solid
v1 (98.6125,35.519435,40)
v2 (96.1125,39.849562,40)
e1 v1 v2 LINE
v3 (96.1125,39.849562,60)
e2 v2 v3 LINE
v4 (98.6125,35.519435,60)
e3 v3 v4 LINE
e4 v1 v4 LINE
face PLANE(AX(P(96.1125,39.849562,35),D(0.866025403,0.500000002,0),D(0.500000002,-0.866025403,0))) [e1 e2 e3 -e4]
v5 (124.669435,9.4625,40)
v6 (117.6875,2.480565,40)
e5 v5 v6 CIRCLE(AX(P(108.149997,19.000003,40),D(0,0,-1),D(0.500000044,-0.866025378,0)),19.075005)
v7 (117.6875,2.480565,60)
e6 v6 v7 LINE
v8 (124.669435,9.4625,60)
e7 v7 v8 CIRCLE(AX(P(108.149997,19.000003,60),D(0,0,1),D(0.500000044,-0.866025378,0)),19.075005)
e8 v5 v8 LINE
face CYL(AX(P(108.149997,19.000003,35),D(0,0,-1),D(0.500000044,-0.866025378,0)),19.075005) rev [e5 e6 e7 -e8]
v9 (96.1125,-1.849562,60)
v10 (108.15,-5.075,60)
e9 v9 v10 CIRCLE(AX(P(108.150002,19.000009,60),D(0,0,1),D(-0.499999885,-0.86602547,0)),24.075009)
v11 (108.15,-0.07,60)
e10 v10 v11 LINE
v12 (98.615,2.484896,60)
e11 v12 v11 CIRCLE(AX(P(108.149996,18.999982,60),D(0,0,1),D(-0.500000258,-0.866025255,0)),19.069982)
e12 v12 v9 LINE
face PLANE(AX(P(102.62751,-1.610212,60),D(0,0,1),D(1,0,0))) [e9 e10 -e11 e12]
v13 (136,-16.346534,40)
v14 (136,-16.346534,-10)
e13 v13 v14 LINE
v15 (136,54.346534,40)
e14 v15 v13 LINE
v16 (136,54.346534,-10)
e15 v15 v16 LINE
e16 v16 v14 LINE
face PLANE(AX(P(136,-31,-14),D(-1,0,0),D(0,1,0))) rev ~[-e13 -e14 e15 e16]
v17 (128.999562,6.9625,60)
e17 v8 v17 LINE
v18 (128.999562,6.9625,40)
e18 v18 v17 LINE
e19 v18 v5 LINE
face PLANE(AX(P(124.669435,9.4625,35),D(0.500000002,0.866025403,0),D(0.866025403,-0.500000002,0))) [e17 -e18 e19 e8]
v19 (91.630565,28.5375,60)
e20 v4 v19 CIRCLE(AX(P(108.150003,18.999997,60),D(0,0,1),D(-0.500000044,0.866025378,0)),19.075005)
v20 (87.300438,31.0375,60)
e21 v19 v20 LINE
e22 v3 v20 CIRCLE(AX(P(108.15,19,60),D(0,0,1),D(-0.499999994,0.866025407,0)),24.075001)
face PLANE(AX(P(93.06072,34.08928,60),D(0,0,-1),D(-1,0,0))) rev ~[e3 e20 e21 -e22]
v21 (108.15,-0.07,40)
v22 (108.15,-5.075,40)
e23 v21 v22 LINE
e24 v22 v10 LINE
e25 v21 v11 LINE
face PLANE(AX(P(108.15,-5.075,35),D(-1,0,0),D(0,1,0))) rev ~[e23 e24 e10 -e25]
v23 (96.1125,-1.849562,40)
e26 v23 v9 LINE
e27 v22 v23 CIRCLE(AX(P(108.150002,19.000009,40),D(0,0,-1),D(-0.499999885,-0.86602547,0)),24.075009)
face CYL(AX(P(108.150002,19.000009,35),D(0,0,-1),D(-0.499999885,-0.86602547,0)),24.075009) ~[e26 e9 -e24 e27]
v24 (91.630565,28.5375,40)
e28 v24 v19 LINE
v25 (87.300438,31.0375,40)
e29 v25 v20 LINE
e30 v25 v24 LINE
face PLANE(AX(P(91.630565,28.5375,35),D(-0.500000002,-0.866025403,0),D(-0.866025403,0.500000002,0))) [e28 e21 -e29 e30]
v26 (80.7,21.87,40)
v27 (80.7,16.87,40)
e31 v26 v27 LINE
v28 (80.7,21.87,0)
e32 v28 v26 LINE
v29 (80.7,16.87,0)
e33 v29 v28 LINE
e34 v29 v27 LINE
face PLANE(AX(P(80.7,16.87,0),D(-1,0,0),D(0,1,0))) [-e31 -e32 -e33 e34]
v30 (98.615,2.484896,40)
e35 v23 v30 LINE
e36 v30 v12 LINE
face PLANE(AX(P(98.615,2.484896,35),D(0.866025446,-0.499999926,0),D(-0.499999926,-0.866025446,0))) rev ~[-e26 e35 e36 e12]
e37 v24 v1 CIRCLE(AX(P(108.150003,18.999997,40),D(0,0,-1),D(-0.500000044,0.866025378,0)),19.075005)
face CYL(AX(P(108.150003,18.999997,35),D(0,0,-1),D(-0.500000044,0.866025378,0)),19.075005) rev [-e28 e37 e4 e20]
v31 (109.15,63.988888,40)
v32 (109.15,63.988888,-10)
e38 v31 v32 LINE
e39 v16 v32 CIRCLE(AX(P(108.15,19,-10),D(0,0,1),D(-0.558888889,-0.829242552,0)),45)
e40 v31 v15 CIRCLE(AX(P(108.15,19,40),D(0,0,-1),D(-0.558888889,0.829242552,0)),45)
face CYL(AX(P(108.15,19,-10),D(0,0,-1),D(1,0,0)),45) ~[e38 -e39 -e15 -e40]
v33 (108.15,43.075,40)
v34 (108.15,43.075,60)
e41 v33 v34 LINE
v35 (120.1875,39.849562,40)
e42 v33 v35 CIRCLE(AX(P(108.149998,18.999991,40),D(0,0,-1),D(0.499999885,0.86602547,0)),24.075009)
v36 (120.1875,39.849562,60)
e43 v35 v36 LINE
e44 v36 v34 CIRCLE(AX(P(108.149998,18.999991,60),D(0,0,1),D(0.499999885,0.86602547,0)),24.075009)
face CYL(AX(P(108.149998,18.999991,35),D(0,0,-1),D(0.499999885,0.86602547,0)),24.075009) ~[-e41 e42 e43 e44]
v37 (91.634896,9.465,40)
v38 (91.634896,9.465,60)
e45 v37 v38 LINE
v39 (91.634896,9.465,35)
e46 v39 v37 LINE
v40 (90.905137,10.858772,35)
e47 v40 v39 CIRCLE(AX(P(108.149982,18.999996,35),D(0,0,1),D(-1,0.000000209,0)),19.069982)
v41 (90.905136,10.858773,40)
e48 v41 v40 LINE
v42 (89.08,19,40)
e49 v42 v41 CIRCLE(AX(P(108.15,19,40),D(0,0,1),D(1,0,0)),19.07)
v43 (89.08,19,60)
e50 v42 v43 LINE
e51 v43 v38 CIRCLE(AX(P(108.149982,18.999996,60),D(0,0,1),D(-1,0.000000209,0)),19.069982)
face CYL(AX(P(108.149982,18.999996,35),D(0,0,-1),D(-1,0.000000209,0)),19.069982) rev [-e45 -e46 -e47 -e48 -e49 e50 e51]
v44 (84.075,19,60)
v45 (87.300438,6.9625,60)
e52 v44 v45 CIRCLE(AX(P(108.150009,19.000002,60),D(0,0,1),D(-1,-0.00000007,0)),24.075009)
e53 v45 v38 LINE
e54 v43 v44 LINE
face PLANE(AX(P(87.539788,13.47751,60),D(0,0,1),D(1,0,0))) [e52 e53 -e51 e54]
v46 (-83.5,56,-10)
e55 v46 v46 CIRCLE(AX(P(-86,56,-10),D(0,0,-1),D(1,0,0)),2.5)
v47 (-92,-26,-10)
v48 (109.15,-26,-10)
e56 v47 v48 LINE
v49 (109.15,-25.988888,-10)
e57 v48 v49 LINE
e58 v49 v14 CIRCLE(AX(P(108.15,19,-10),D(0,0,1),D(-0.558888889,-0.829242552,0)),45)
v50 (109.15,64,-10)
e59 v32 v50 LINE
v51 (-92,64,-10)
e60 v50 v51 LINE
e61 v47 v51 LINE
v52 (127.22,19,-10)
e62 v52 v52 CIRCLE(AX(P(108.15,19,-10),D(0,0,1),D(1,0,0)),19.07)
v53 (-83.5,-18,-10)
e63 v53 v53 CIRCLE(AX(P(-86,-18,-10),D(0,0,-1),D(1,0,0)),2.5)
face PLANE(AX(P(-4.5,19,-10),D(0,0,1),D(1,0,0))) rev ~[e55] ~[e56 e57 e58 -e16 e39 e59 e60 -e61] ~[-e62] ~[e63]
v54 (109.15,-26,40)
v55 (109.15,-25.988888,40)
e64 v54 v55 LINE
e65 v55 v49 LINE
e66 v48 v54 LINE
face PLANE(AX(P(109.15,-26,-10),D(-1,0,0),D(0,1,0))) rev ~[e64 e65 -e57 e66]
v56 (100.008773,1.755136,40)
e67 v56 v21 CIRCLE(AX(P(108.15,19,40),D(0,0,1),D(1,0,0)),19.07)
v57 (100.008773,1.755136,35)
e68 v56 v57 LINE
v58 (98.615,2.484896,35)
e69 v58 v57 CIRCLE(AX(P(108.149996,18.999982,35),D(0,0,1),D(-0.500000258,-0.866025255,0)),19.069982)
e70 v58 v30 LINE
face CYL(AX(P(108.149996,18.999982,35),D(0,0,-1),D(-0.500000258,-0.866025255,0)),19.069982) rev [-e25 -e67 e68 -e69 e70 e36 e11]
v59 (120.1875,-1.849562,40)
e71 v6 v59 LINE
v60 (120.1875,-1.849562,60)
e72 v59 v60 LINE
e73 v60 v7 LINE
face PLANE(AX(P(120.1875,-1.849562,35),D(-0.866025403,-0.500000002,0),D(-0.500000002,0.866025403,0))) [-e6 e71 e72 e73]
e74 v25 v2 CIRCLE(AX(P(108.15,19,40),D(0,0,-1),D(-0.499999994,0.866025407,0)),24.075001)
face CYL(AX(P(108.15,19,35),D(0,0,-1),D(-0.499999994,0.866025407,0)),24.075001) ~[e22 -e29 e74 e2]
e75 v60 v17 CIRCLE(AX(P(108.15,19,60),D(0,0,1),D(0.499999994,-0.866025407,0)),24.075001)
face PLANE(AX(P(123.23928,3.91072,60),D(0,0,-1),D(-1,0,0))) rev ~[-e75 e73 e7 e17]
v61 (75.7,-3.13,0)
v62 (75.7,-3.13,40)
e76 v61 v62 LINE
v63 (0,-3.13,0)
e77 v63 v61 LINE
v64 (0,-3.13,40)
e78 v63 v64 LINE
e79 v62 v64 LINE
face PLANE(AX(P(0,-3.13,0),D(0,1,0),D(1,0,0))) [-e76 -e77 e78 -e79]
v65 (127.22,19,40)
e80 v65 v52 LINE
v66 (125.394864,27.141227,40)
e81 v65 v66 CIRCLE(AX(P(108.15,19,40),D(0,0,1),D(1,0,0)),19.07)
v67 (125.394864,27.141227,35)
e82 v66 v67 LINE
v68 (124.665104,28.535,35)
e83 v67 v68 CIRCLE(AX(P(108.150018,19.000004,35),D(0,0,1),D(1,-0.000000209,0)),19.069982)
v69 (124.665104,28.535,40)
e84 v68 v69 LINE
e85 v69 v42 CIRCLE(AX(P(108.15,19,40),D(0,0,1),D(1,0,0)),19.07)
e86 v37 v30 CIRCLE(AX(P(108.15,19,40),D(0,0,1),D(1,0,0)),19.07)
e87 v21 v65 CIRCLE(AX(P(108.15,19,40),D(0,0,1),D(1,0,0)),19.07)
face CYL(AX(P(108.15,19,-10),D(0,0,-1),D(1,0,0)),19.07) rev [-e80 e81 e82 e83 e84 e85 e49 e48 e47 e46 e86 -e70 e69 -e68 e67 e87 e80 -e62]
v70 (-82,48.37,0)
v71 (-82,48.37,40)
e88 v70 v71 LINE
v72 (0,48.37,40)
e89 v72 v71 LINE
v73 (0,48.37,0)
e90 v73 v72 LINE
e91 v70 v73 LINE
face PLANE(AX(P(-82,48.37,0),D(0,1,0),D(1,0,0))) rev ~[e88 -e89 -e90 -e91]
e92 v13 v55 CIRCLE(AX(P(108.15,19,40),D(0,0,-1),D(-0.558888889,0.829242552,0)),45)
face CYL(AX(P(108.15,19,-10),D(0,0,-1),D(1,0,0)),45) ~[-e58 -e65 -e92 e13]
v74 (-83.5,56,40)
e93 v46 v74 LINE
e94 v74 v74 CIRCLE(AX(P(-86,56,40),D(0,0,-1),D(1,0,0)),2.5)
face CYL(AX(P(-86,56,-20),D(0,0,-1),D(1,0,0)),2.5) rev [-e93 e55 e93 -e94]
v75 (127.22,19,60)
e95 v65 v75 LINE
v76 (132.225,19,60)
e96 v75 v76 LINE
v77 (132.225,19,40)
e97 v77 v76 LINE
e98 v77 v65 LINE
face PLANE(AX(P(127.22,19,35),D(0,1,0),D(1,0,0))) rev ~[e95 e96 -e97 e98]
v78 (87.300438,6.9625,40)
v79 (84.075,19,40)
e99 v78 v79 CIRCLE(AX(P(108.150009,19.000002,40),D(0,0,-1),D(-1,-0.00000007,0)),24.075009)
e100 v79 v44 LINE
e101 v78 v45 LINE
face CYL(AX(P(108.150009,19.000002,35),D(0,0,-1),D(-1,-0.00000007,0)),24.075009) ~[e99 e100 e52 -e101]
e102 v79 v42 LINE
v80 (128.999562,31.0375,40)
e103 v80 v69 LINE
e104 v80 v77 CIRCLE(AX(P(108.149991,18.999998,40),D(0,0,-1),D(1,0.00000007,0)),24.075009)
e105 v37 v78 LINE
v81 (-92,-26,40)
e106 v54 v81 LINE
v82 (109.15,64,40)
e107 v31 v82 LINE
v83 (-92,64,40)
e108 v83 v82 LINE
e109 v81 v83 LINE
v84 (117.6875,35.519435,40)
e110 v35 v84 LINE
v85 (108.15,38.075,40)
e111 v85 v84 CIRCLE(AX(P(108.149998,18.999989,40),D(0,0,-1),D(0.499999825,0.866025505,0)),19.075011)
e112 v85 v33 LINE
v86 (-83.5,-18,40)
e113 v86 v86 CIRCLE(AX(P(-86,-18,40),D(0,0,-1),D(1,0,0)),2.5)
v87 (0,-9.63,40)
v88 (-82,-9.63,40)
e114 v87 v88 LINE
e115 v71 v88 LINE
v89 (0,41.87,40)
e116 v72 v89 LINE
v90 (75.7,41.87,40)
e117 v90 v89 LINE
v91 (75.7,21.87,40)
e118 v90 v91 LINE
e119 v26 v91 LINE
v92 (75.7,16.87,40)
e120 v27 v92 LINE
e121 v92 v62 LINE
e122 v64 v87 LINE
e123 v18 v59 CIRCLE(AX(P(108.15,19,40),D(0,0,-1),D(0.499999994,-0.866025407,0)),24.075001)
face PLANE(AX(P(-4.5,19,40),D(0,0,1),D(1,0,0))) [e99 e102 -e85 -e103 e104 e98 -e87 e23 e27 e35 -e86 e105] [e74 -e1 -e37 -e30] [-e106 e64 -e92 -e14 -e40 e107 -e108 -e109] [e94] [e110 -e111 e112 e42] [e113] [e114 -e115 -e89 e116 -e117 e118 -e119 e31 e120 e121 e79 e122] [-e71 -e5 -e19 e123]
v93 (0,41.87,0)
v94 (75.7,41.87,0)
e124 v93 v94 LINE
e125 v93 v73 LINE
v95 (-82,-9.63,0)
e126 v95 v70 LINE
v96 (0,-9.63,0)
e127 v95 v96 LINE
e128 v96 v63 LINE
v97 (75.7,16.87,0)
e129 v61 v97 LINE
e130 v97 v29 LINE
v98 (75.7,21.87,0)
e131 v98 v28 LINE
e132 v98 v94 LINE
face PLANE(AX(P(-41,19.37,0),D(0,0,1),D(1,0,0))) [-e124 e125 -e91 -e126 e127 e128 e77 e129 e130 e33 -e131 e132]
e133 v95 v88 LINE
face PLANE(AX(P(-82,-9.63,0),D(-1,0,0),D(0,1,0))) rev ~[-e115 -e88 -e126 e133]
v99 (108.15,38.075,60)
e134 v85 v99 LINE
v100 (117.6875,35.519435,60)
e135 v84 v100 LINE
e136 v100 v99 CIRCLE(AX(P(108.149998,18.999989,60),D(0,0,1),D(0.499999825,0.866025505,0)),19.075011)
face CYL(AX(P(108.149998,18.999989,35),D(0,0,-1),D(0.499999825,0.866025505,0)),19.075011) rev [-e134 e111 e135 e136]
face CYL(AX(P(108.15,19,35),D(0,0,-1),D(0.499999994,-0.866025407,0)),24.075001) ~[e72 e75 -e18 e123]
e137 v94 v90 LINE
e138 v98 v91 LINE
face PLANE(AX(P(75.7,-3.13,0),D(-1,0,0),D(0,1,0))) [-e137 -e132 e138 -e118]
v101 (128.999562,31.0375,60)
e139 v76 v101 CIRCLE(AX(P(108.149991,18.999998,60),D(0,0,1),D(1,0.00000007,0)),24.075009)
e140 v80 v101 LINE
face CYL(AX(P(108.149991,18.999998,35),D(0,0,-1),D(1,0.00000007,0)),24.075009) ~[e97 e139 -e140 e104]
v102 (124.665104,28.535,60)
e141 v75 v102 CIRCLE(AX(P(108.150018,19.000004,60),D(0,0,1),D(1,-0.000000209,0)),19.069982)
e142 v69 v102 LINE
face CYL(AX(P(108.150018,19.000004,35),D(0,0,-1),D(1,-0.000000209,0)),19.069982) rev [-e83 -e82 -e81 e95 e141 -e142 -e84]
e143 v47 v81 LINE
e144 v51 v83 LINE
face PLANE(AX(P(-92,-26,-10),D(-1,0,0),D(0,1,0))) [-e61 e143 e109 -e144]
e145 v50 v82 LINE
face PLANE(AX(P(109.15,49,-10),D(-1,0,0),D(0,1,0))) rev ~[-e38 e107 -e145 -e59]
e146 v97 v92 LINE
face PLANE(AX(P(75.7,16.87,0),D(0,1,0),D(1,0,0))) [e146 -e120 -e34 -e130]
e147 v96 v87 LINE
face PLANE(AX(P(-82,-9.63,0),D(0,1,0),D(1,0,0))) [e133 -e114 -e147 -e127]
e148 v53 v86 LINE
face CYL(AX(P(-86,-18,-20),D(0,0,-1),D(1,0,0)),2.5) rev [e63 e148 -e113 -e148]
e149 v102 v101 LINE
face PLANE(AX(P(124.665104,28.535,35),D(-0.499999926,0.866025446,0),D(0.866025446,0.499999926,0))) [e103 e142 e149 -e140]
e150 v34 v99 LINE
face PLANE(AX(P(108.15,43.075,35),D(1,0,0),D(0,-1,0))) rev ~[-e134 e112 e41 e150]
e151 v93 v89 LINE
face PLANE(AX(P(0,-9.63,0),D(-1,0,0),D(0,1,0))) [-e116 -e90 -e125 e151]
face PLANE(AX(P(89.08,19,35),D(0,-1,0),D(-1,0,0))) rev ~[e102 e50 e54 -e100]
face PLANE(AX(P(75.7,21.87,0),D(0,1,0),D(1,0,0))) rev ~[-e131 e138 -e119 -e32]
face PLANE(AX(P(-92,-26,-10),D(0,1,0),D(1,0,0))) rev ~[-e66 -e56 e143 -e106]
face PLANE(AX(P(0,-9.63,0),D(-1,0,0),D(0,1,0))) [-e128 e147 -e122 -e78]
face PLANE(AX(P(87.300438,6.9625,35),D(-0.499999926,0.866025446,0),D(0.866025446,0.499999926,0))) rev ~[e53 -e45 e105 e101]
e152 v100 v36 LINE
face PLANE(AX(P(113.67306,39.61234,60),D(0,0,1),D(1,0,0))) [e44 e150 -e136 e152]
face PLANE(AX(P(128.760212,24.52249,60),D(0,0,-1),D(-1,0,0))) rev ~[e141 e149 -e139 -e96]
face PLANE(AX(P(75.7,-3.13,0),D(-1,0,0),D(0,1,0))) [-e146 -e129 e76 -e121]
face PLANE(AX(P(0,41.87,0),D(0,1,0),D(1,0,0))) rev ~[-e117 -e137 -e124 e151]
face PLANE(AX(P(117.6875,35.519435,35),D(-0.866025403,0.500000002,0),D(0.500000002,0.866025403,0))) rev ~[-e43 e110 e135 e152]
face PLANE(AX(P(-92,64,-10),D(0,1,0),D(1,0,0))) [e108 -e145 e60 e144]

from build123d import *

# Parameters (mm, degrees)
CYLINDER_R        = 2.5
CYLINDER_DEPTH    = 70
CYLINDER001_R     = 2.5
CYLINDER001_DEPTH = 70
BOX004_W          = 68.15
BOX004_H          = 15
BOX004_DEPTH      = 50
BOX008_W          = 30
BOX008_H          = 100
BOX008_DEPTH      = 70
EXTRUDE003_DEPTH  = 25
BOX006_W          = 40
BOX006_H          = 120
BOX006_DEPTH      = 60
TUBE_R            = 45
TUBE_R_2          = 19.07
TUBE_DEPTH        = 50
BOX001_W          = 82
BOX001_H          = 58
BOX001_DEPTH      = 44.4
BOX007_W          = 5
BOX007_H          = 5
BOX007_DEPTH      = 44.4
SKETCH001_R       = 5
EXTRUDE001_DEPTH  = 4
EXTRUDE002_DEPTH  = 15
SKETCH_R          = 12.3
EXTRUDE_DEPTH     = 5
BOX_W             = 75.7
BOX_H             = 45
BOX_DEPTH         = 44.4
BOX002_W          = 175
BOX002_H          = 90
BOX002_DEPTH      = 50
BOX005_W          = 68.15
BOX005_H          = 15
BOX005_DEPTH      = 50


with BuildPart() as throughholecylinder2:
    # Cylinder → Cylinder (new body)
    with BuildSketch(Plane(origin=(-86, -18, -20), x_dir=(1, 0, 0), z_dir=(0, 0, 1))):
        Circle(CYLINDER_R)
    extrude(amount=CYLINDER_DEPTH)


with BuildPart() as throughholecylinder1:
    # Cylinder001 → Cylinder001 (new body)
    with BuildSketch(Plane(origin=(-86, 56, -20), x_dir=(1, 0, 0), z_dir=(0, 0, 1))):
        Circle(CYLINDER001_R)
    extrude(amount=CYLINDER001_DEPTH)


with BuildPart() as cube004:
    # Box004 → Box004 (new body)
    with BuildSketch(Plane(origin=(41, -26, -10), x_dir=(1, 0, 0), z_dir=(0, 0, 1))):
        with Locations((34.075, 7.5)):
            Rectangle(BOX004_W, BOX004_H)
    extrude(amount=BOX004_DEPTH)


with BuildPart() as steeringshaftcutter:
    # Box008 → Box008 (new body)
    with BuildSketch(Plane(origin=(136, -31, -14), x_dir=(1, 0, 0), z_dir=(0, 0, 1))):
        with Locations((15, 50)):
            Rectangle(BOX008_W, BOX008_H)
    extrude(amount=BOX008_DEPTH)


with BuildPart() as fingers:
    # Sketch004 (on Face2 of Tube) → Extrude003 (new body)
    with BuildSketch(Plane(origin=(120.15, 19, 40), x_dir=(1, 0, 0), z_dir=(0, 0, 1))):
        with BuildLine():
            Line((16.519435, -9.5375), (20.849562, -12.0375))
            ThreePointArc((12.0375, -20.849562), (17.023596, -17.023596), (20.849562, -12.0375))
            Line((12.0375, -20.849562), (9.5375, -16.519435))
            ThreePointArc((9.5375, -16.519435), (13.488062, -13.488062), (16.519435, -9.5375))
        make_face()
        with BuildLine():
            Line((0, -24.075), (0, -19.07))
            ThreePointArc((-9.535, -16.515104), (-4.935679, -18.420206), (0, -19.07))
            Line((-9.535, -16.515104), (-12.0375, -20.849562))
            ThreePointArc((-12.0375, -20.849562), (-6.231069, -23.254664), (0, -24.075))
        make_face()
        with BuildLine():
            Line((-20.849562, -12.0375), (-16.515104, -9.535))
            ThreePointArc((-19.07, 0), (-18.420206, -4.935679), (-16.515104, -9.535))
            Line((-19.07, 0), (-24.075, 0))
            ThreePointArc((-24.075, 0), (-23.254664, -6.231069), (-20.849562, -12.0375))
        make_face()
        with BuildLine():
            Line((-16.519435, 9.5375), (-20.849562, 12.0375))
            ThreePointArc((-12.0375, 20.849562), (-17.023596, 17.023596), (-20.849562, 12.0375))
            Line((-12.0375, 20.849562), (-9.5375, 16.519435))
            ThreePointArc((-9.5375, 16.519435), (-13.488062, 13.488062), (-16.519435, 9.5375))
        make_face()
        with BuildLine():
            Line((0, 24.075), (0, 19.075))
            ThreePointArc((9.5375, 16.519435), (4.936973, 18.425035), (0, 19.075))
            Line((9.5375, 16.519435), (12.0375, 20.849562))
            ThreePointArc((12.0375, 20.849562), (6.231069, 23.254664), (0, 24.075))
        make_face()
        with BuildLine():
            Line((16.515104, 9.535), (20.849562, 12.0375))
            ThreePointArc((24.075, 0), (23.254664, 6.231069), (20.849562, 12.0375))
            Line((19.07, 0), (24.075, 0))
            ThreePointArc((19.07, 0), (18.420206, 4.935679), (16.515104, 9.535))
        make_face()
    extrude(amount=EXTRUDE003_DEPTH)


with BuildPart() as fingers_1:
    # Extrude003 placement: moved
    add(fingers.part.moved(Location((0, 0, -5))))


with BuildPart() as roundoff:
    # Box006 → Box006 (new body)
    with BuildSketch(Plane(origin=(55, -34, -17), x_dir=(1, 0, 0), z_dir=(0, 0, 1))):
        with Locations((20, 60)):
            Rectangle(BOX006_W, BOX006_H)
    extrude(amount=BOX006_DEPTH)


with BuildPart() as steeringshaftcutdown:
    # Tube → Tube (new body)
    with BuildSketch(Plane(origin=(120.15, 19, -10), x_dir=(1, 0, 0), z_dir=(0, 0, 1))):
        Circle(TUBE_R)
        Circle(TUBE_R_2, mode=Mode.SUBTRACT)
    extrude(amount=TUBE_DEPTH)

    # Cut001: cut RoundOff
    add(roundoff.part, mode=Mode.SUBTRACT)

    # Fusion004: union Fingers
    add(fingers_1.part)


with BuildPart() as steeringshaftcutdown_1:
    # Fusion004 placement: moved
    add(steeringshaftcutdown.part.moved(Location((-12, 0, 0))))

    # Cut002: cut SteeringShaftCutter
    add(steeringshaftcutter.part, mode=Mode.SUBTRACT)


with BuildPart() as motorhead:
    # Box001 → Box001 (new body)
    with BuildSketch(Plane(origin=(-82, -9.63, 0), x_dir=(1, 0, 0), z_dir=(0, 0, 1))):
        with Locations((41, 29)):
            Rectangle(BOX001_W, BOX001_H)
    extrude(amount=BOX001_DEPTH)


with BuildPart() as nubchannel:
    # Box007 → Box007 (new body)
    with BuildSketch(Plane(origin=(75.7, 16.87, 0), x_dir=(1, 0, 0), z_dir=(0, 0, 1))):
        with Locations((2.5, 2.5)):
            Rectangle(BOX007_W, BOX007_H)
    extrude(amount=BOX007_DEPTH)


with BuildPart() as motorshaftfull:
    # Sketch001 (on Face3 of Extrude) → Extrude001 (new body)
    with BuildSketch(Plane.XY.offset(49.4)):
        with Locations((-58.7, 20.37)):
            Circle(SKETCH001_R)
    extrude(amount=EXTRUDE001_DEPTH)


with BuildPart() as motorshaftd:
    # Sketch002 (on Face3 of Extrude001) → Extrude002 (new body)
    with BuildSketch(Plane.XY.offset(53.4)):
        with BuildLine():
            Line((-62.7, 23.37), (-62.7, 17.37))
            ThreePointArc((-62.7, 17.37), (-53.7, 20.37), (-62.7, 23.37))
        make_face()
    extrude(amount=EXTRUDE002_DEPTH)


with BuildPart() as motorshaftassembly:
    # Sketch (on Face6 of Box001) → Extrude (new body)
    with BuildSketch(Plane(origin=(-82, -9.63, 44.4), x_dir=(1, 0, 0), z_dir=(0, 0, 1))):
        with Locations((23.3, 30)):
            Circle(SKETCH_R)
    extrude(amount=EXTRUDE_DEPTH)

    # Fusion: union MotorShaftFull, MotorShaftD
    add(motorshaftfull.part)
    add(motorshaftd.part)


with BuildPart() as motor:
    # Box → Box (new body)
    with BuildSketch(Plane(origin=(0, -3.13, 0), x_dir=(1, 0, 0), z_dir=(0, 0, 1))):
        with Locations((37.85, 22.5)):
            Rectangle(BOX_W, BOX_H)
    extrude(amount=BOX_DEPTH)

    # Fusion005: union MotorHead, NubChannel, MotorShaftAssembly
    add(motorhead.part)
    add(nubchannel.part)
    add(motorshaftassembly.part)


with BuildPart() as steeringshaftmotormount:
    # Box002 → Box002 (new body)
    with BuildSketch(Plane(origin=(-92, -26, -10), x_dir=(1, 0, 0), z_dir=(0, 0, 1))):
        with Locations((87.5, 45)):
            Rectangle(BOX002_W, BOX002_H)
    extrude(amount=BOX002_DEPTH)

    # Cut: cut Motor
    add(motor.part, mode=Mode.SUBTRACT)

    # Fusion006: union SteeringShaftCutDown
    add(steeringshaftcutdown_1.part)


with BuildPart() as cut004:
    # Box005 → Box005 (new body)
    with BuildSketch(Plane(origin=(41, 49, -10), x_dir=(1, 0, 0), z_dir=(0, 0, 1))):
        with Locations((34.075, 7.5)):
            Rectangle(BOX005_W, BOX005_H)
    extrude(amount=BOX005_DEPTH)

    # Fusion007: union Cube004, SteeringShaftMotorMount
    add(cube004.part)
    add(steeringshaftmotormount.part)

    # Cut003: cut ThroughHoleCylinder1
    add(throughholecylinder1.part, mode=Mode.SUBTRACT)

    # Cut004: cut ThroughHoleCylinder2
    add(throughholecylinder2.part, mode=Mode.SUBTRACT)


solid = cut004.part
